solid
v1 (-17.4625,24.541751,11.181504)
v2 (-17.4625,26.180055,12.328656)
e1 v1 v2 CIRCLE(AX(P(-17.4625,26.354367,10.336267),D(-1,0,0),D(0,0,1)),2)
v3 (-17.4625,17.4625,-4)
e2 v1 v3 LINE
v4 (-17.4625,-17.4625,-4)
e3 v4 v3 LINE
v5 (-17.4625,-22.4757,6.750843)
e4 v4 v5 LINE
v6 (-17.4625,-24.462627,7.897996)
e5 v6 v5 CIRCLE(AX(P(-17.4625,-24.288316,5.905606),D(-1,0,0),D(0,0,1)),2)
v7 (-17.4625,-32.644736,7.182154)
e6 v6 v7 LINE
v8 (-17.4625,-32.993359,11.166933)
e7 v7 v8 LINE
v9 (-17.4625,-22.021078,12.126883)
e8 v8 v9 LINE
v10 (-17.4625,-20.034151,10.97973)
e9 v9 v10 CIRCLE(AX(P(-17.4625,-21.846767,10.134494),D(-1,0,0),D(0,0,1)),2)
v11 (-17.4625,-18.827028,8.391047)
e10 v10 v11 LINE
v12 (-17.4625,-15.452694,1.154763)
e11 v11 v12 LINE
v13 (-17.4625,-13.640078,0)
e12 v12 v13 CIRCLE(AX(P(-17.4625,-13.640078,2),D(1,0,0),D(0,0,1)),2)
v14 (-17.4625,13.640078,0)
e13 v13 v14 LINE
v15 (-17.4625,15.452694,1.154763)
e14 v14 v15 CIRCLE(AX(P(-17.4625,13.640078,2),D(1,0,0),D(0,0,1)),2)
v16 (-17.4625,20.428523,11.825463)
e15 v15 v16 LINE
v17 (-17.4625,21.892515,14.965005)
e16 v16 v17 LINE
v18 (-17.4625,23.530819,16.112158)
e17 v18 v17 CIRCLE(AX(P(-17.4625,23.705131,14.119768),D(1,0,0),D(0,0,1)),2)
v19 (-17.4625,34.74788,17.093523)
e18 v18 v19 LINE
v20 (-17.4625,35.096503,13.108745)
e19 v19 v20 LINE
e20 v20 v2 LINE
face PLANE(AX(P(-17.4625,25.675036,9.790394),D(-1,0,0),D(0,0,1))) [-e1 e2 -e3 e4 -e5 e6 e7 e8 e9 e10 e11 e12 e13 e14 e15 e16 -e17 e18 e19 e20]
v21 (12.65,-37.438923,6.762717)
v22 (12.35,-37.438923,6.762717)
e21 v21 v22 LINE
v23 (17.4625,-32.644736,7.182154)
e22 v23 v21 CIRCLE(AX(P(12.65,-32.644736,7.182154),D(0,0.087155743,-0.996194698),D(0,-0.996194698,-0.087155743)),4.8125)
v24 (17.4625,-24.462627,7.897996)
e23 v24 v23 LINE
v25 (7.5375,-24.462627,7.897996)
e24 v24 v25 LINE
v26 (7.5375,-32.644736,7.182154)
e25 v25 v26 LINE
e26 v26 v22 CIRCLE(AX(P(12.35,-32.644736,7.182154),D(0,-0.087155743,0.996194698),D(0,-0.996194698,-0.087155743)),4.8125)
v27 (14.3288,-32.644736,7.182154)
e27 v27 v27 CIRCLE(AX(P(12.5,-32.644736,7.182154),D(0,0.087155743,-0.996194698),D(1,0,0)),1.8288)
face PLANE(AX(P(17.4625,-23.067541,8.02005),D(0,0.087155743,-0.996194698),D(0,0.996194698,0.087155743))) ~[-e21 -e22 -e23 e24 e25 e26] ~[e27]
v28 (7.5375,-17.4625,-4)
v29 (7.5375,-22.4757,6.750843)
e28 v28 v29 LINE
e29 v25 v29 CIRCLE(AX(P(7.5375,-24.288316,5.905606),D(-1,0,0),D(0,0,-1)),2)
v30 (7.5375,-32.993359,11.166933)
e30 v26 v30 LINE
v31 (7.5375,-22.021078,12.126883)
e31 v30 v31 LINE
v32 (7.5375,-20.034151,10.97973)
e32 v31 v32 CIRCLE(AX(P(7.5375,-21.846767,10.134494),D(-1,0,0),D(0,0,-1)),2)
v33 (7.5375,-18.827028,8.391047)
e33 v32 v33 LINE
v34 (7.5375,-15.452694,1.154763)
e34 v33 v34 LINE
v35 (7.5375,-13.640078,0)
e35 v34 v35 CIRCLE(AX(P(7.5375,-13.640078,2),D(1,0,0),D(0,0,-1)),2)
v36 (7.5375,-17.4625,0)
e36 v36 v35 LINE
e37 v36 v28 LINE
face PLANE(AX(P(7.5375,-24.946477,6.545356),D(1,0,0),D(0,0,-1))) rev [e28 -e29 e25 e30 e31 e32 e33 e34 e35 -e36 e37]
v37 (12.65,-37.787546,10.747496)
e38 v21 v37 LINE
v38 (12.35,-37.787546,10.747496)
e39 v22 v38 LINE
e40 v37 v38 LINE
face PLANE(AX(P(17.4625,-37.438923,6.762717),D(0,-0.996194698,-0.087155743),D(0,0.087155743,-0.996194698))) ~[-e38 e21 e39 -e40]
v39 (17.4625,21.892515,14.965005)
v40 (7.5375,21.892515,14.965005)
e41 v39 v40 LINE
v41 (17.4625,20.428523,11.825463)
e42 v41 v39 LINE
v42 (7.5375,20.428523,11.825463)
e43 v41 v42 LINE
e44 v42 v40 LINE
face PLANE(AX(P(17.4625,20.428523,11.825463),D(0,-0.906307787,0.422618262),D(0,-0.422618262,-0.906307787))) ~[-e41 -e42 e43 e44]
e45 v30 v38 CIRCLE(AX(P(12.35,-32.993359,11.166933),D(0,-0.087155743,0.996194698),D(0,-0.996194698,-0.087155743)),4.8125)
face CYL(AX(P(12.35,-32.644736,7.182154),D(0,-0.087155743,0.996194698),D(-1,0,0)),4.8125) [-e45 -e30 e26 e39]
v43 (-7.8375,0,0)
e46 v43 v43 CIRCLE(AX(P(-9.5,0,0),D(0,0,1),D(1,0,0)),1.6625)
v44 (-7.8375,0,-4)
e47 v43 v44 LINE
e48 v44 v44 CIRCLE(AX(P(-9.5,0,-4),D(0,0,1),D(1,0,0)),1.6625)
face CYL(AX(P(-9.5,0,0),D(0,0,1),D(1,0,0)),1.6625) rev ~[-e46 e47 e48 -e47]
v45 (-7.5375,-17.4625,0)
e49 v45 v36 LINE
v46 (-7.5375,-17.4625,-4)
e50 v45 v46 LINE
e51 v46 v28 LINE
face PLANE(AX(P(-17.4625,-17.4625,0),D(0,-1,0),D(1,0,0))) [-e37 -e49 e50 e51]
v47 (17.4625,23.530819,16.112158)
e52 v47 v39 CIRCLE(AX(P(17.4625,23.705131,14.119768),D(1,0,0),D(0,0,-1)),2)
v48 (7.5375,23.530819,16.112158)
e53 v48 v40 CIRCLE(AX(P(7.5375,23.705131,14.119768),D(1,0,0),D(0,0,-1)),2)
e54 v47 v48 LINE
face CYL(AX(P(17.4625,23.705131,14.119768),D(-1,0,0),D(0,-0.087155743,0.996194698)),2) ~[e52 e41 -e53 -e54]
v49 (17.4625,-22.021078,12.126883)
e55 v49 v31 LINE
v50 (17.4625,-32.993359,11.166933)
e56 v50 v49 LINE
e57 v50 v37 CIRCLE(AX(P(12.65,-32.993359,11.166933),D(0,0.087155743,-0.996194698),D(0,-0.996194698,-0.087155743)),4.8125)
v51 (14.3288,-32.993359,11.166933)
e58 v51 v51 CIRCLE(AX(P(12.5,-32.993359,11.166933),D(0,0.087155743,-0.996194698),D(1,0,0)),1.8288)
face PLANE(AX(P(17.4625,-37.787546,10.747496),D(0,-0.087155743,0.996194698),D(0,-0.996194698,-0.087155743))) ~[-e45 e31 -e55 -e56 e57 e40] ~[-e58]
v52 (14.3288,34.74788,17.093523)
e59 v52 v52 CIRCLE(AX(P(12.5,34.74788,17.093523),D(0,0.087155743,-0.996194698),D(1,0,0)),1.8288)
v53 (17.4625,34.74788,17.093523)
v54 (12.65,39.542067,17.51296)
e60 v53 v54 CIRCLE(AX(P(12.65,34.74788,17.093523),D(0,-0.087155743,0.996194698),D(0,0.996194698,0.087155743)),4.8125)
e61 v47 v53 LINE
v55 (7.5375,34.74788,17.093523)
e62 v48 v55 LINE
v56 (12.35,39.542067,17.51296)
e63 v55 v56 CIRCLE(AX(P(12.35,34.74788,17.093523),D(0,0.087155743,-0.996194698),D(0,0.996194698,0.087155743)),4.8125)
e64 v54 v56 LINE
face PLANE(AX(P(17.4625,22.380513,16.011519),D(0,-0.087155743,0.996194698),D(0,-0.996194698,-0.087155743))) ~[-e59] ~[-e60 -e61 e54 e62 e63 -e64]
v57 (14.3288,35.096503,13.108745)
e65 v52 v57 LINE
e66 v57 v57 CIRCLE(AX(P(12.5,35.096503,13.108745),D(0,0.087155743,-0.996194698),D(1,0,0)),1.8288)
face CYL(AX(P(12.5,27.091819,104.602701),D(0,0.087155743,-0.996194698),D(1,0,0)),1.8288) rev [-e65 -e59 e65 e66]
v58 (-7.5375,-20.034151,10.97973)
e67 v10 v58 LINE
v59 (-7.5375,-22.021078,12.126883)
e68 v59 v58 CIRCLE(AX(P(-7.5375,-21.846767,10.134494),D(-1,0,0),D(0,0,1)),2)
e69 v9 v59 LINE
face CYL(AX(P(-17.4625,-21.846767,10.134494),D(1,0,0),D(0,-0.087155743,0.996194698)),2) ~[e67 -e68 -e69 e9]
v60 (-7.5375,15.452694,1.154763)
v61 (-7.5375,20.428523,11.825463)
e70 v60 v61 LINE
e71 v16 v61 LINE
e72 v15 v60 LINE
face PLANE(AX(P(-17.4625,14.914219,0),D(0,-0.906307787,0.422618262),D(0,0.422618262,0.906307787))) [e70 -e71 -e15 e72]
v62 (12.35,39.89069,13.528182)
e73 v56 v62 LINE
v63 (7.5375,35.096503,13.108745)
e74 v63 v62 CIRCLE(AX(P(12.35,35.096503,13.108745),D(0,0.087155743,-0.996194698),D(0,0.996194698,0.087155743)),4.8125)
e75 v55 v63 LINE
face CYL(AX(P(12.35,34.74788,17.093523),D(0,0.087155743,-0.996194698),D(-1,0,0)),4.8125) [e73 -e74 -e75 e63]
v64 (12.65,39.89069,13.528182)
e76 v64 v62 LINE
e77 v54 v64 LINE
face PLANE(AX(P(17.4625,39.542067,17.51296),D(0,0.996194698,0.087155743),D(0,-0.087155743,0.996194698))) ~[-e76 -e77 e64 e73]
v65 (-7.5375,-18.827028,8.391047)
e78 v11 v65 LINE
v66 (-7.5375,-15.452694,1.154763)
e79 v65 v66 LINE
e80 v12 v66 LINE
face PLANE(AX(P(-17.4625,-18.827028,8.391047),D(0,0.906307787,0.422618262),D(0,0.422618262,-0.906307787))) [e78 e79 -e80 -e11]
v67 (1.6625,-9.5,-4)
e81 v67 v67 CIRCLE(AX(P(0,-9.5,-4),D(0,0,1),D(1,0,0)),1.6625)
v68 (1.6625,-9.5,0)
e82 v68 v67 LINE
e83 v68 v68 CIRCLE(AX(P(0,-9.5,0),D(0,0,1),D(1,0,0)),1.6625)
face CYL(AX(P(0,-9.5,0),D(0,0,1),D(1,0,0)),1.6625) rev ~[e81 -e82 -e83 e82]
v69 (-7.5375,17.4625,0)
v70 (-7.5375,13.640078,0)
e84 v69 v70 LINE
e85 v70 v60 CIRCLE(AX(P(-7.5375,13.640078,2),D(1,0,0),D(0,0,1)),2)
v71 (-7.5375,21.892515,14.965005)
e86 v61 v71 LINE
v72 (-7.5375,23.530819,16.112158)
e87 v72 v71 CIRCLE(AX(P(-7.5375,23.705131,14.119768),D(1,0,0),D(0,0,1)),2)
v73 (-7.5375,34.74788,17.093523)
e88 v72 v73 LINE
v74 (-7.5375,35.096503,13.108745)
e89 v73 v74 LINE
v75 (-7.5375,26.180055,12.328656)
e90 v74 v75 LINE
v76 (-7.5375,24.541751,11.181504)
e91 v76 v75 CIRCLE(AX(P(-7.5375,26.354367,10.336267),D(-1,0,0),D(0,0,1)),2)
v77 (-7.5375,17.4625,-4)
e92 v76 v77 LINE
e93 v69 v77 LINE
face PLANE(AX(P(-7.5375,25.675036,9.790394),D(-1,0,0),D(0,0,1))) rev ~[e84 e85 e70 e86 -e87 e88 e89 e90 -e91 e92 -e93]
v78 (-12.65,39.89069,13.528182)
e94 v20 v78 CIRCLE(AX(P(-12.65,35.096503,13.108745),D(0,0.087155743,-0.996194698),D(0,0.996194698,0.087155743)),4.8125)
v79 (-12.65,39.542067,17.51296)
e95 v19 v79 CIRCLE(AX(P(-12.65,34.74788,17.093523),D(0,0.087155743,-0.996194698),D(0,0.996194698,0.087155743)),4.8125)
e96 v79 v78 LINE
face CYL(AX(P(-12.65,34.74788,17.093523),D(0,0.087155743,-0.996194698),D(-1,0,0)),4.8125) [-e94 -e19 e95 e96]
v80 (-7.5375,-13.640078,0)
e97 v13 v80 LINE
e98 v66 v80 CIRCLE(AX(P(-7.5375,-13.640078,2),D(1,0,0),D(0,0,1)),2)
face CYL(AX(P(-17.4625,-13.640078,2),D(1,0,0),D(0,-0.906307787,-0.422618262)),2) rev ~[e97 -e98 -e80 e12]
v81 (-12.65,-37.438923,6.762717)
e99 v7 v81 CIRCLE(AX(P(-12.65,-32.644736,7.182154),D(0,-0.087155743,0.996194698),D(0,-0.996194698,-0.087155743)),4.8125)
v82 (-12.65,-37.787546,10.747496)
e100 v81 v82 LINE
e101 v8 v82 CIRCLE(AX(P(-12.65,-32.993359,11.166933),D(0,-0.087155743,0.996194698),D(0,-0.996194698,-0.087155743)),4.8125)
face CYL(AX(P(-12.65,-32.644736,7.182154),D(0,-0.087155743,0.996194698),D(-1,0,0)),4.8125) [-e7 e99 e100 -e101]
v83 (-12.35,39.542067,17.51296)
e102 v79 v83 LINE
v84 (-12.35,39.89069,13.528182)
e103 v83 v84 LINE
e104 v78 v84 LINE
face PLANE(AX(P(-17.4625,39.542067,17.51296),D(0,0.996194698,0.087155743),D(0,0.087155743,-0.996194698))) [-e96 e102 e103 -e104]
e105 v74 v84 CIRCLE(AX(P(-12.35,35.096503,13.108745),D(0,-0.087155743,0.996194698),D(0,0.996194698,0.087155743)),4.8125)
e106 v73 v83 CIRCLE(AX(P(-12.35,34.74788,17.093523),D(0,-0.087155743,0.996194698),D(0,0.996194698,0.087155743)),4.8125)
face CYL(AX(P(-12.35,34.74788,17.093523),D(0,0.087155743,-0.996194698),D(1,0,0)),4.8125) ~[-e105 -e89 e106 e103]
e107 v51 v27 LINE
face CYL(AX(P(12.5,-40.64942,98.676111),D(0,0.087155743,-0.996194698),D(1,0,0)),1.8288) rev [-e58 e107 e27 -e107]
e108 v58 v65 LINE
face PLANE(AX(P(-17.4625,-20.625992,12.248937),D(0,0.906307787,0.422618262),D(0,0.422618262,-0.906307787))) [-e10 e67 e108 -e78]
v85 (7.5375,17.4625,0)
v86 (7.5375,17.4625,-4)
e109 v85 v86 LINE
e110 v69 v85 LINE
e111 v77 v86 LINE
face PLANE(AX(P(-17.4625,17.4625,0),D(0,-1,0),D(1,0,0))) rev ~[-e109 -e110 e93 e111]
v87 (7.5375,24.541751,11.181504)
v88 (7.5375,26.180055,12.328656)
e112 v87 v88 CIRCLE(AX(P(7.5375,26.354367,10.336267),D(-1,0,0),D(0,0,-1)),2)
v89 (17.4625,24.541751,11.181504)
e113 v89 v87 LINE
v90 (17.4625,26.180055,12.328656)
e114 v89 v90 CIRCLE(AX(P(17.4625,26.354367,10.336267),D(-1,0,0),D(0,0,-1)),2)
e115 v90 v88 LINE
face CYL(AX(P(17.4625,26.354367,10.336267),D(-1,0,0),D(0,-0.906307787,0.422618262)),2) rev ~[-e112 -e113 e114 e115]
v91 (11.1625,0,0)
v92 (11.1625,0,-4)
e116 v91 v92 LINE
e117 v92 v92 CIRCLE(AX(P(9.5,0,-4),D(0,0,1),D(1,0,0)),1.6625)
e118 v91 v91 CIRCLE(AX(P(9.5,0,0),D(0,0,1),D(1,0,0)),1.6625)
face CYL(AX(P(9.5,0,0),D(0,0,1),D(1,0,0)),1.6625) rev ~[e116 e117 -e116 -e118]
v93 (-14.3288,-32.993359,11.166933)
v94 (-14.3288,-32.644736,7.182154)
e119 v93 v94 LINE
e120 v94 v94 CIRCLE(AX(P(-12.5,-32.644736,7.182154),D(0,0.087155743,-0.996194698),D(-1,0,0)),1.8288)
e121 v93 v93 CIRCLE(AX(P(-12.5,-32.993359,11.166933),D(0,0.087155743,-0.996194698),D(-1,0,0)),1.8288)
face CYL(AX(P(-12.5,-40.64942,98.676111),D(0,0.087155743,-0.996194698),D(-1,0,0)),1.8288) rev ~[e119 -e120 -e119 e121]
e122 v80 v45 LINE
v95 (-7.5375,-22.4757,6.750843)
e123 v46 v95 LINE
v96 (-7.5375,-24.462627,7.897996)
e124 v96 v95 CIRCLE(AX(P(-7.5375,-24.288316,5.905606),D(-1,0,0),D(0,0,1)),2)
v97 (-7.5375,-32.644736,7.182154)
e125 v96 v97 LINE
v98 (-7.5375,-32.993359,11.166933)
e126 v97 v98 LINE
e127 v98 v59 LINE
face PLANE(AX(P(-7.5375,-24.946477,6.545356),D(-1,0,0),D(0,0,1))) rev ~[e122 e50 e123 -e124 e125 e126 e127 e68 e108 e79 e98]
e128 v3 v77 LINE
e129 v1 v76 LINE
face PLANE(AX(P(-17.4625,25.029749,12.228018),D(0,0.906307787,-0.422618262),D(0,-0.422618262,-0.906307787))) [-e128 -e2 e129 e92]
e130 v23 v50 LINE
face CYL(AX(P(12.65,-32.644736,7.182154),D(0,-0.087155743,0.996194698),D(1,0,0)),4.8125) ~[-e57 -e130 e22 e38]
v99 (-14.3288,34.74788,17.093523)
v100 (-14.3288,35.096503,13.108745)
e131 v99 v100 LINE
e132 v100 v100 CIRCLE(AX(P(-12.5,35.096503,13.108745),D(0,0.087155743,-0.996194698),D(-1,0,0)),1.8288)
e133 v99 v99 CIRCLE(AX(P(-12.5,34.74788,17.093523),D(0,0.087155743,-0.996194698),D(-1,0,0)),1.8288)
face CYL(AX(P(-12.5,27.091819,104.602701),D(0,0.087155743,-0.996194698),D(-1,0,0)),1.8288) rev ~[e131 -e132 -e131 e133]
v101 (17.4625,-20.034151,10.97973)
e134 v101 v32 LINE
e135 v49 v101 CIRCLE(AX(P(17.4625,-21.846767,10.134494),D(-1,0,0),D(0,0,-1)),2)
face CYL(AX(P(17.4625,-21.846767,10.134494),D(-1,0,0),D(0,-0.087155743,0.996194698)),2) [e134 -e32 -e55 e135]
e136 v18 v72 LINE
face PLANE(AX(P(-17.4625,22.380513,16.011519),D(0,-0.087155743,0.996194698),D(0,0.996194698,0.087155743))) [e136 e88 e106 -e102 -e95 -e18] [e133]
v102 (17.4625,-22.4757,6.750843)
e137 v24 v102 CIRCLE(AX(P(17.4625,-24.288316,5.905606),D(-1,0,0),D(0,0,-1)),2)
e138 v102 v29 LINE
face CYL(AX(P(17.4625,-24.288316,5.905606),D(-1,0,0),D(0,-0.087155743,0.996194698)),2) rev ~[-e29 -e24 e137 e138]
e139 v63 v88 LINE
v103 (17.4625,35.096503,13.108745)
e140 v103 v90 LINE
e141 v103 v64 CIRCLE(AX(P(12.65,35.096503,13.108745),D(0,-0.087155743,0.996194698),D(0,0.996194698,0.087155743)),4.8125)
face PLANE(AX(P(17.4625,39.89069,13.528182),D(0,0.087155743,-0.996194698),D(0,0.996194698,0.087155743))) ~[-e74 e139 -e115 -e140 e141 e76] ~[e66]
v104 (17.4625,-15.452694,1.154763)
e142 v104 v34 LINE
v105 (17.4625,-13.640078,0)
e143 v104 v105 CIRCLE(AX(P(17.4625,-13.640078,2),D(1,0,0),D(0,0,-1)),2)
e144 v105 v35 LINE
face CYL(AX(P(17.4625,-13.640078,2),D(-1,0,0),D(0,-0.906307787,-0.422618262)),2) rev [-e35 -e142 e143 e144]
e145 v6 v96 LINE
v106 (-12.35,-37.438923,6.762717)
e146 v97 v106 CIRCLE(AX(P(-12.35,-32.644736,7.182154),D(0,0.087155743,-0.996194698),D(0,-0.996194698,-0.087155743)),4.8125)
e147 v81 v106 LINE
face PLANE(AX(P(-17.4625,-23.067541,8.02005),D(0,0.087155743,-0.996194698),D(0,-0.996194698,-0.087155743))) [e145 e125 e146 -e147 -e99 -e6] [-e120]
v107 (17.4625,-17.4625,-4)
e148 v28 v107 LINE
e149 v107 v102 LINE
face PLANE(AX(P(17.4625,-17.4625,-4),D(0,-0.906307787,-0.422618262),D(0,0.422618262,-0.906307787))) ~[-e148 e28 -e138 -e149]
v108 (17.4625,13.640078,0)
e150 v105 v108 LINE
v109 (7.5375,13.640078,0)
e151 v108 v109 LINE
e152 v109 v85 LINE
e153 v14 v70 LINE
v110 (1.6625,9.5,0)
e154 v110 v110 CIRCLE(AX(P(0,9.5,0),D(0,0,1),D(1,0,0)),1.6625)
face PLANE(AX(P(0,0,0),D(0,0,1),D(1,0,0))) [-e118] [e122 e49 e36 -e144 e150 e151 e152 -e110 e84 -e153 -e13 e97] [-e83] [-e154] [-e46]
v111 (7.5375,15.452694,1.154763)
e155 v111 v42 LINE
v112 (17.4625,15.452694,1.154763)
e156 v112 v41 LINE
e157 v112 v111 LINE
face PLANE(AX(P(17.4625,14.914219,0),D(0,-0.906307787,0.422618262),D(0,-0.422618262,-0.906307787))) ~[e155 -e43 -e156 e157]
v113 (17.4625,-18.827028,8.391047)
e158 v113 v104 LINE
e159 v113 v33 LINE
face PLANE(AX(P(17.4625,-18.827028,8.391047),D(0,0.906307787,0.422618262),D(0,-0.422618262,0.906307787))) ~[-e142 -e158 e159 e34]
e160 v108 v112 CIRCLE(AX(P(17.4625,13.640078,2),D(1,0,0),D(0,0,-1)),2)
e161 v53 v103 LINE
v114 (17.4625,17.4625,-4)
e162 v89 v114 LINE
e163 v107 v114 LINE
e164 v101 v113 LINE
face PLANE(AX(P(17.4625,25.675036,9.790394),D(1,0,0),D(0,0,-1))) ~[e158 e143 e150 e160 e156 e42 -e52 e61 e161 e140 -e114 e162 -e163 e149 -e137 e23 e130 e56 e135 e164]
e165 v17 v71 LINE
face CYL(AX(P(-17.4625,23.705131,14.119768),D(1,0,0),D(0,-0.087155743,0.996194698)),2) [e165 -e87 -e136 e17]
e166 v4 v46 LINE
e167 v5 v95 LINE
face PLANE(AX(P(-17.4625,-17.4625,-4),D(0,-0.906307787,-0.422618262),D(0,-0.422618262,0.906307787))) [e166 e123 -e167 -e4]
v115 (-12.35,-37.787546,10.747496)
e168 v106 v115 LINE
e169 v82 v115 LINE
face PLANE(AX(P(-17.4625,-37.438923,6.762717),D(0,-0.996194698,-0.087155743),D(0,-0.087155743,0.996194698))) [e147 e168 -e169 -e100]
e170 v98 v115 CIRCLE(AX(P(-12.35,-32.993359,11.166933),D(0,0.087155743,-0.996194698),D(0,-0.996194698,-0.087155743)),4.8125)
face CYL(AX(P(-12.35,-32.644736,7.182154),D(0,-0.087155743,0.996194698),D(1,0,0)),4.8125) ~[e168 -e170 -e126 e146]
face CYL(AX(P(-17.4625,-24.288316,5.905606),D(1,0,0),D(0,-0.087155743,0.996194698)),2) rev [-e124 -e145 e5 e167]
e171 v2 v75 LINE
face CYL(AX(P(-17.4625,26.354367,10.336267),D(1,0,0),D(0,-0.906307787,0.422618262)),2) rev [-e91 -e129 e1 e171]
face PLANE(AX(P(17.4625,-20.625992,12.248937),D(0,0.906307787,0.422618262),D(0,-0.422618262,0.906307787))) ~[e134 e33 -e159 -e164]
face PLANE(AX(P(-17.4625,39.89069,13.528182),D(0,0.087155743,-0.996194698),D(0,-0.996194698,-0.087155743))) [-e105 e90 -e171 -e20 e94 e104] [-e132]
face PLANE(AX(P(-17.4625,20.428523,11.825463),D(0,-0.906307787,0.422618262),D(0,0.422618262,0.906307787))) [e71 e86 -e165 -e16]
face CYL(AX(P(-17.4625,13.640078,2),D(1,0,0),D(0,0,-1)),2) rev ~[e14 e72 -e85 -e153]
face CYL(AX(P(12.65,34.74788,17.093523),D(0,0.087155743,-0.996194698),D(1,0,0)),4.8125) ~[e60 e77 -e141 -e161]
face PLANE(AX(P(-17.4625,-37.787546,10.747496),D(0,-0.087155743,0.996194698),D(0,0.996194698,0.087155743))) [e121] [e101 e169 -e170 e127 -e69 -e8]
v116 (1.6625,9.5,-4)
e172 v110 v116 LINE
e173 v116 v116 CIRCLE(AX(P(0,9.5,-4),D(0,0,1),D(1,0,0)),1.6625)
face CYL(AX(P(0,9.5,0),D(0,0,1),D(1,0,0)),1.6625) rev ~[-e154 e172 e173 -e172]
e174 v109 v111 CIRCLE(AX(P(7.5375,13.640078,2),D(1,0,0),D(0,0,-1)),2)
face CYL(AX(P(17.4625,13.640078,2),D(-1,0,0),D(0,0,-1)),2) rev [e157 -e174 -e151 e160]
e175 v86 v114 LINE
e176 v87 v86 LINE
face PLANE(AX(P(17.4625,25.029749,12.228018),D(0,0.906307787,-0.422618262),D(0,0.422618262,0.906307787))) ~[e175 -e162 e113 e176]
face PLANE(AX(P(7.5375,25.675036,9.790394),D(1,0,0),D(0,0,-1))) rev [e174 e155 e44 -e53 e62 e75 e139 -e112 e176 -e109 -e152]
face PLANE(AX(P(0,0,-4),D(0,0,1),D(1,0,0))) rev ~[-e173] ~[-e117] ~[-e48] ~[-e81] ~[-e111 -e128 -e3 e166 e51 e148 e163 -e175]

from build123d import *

# Parameters (mm, degrees)
SKETCH1_W             = 34.925
SKETCH1_H             = 34.925
SKETCH1_R             = 1.6625
BOSS_EXTRUDE4_DEPTH   = 4
BOSS_EXTRUDE7_DEPTH   = 9.925
F_6_CLEARANCE_HOLE1_D = 3.6576
FILLET1_R             = 4.8125
FILLET2_R             = 2
FILLET1_OF_MIRROR1_R  = 4.8125
FILLET2_OF_MIRROR1_R  = 2


with BuildPart() as part:
    # Sketch1 → Boss-Extrude4 (new body)
    with BuildSketch(Plane.XY):
        Rectangle(SKETCH1_W, SKETCH1_H)
        with Locations((0, 9.5)):
            Circle(SKETCH1_R, mode=Mode.SUBTRACT)
        with Locations((9.5, 0)):
            Circle(SKETCH1_R, mode=Mode.SUBTRACT)
        with Locations((-9.5, 0)):
            Circle(SKETCH1_R, mode=Mode.SUBTRACT)
        with Locations((0, -9.5)):
            Circle(SKETCH1_R, mode=Mode.SUBTRACT)
    extrude(amount=-BOSS_EXTRUDE4_DEPTH)

    # Sketch7 → Boss-Extrude7 (add)
    with BuildSketch(Plane.ZY.offset(17.4625)):
        Polygon((0, 14.914218957), (11.825462524, 20.428522693), (16.011518882, 22.38051283), (17.512960324, 39.542067038), (13.528181531, 39.890690009), (12.228017656, 25.02974891), (-4, 17.4625), align=None)
        Polygon((8.02005001, -23.067541371), (6.762717001, -37.43892343), (10.747495793, -37.787546401), (12.248937235, -20.625992194), (8.391046827, -18.827028352), (0, -14.914218957), (-4, -17.4625), align=None)
    boss_extrude7 = extrude(amount=-BOSS_EXTRUDE7_DEPTH)

    # #6 Clearance Hole1 (through all)
    with Locations(Plane(origin=(0, -1.220180398, 13.946725773), x_dir=(1, 0, 0), z_dir=(0, -0.08715574274765159, 0.9961946980917462))):
        with Locations((-12.5, 36.1054526), (-12.5, -31.8945474)):
            f_6_clearance_hole1 = Hole(F_6_CLEARANCE_HOLE1_D / 2)

    # Fillet1
    fillet1_edges = [part.edges().sort_by_distance(p)[0] for p in [
        (-7.5375, -37.613234916, 8.755106397),
        (-17.4625, -37.613234916, 8.755106397),
        (-17.4625, 39.716378524, 15.520570928),
        (-7.5375, 39.716378524, 15.520570928),
    ]]
    fillet(fillet1_edges, radius=FILLET1_R)

    # Fillet2
    fillet2_edges = [part.edges().sort_by_distance(p)[0] for p in [
        (-12.5, -20.625992194, 12.248937235),
        (-12.5, -23.067541371, 8.02005001),
        (-12.5, -14.914218957, 0),
        (-12.5, 22.38051283, 16.011518882),
        (-12.5, 14.914218957, 0),
        (-12.5, 25.02974891, 12.228017656),
    ]]
    fillet(fillet2_edges, radius=FILLET2_R)

    # Mirror1: Boss-Extrude7, #6 Clearance Hole1 across plane
    add(boss_extrude7.mirror(Plane(origin=(0, 0, 0), x_dir=(0, 0, 1), z_dir=(1, 0, 0))))
    add(f_6_clearance_hole1.mirror(Plane(origin=(0, 0, 0), x_dir=(0, 0, 1), z_dir=(1, 0, 0))), mode=Mode.SUBTRACT)

    # Fillet1 of Mirror1
    fillet1_of_mirror1_edges = [part.edges().sort_by_distance(p)[0] for p in [
        (7.5375, -37.613234916, 8.755106397),
        (17.4625, -37.613234916, 8.755106397),
        (17.4625, 39.716378524, 15.520570928),
        (7.5375, 39.716378524, 15.520570928),
    ]]
    fillet(fillet1_of_mirror1_edges, radius=FILLET1_OF_MIRROR1_R)

    # Fillet2 of Mirror1
    fillet2_of_mirror1_edges = [part.edges().sort_by_distance(p)[0] for p in [
        (12.5, -20.625992194, 12.248937235),
        (12.5, -23.067541371, 8.02005001),
        (12.5, -14.914218957, 0),
        (12.5, 22.38051283, 16.011518882),
        (12.5, 14.914218957, 0),
        (12.5, 25.02974891, 12.228017656),
    ]]
    fillet(fillet2_of_mirror1_edges, radius=FILLET2_OF_MIRROR1_R)


solid = part.part
